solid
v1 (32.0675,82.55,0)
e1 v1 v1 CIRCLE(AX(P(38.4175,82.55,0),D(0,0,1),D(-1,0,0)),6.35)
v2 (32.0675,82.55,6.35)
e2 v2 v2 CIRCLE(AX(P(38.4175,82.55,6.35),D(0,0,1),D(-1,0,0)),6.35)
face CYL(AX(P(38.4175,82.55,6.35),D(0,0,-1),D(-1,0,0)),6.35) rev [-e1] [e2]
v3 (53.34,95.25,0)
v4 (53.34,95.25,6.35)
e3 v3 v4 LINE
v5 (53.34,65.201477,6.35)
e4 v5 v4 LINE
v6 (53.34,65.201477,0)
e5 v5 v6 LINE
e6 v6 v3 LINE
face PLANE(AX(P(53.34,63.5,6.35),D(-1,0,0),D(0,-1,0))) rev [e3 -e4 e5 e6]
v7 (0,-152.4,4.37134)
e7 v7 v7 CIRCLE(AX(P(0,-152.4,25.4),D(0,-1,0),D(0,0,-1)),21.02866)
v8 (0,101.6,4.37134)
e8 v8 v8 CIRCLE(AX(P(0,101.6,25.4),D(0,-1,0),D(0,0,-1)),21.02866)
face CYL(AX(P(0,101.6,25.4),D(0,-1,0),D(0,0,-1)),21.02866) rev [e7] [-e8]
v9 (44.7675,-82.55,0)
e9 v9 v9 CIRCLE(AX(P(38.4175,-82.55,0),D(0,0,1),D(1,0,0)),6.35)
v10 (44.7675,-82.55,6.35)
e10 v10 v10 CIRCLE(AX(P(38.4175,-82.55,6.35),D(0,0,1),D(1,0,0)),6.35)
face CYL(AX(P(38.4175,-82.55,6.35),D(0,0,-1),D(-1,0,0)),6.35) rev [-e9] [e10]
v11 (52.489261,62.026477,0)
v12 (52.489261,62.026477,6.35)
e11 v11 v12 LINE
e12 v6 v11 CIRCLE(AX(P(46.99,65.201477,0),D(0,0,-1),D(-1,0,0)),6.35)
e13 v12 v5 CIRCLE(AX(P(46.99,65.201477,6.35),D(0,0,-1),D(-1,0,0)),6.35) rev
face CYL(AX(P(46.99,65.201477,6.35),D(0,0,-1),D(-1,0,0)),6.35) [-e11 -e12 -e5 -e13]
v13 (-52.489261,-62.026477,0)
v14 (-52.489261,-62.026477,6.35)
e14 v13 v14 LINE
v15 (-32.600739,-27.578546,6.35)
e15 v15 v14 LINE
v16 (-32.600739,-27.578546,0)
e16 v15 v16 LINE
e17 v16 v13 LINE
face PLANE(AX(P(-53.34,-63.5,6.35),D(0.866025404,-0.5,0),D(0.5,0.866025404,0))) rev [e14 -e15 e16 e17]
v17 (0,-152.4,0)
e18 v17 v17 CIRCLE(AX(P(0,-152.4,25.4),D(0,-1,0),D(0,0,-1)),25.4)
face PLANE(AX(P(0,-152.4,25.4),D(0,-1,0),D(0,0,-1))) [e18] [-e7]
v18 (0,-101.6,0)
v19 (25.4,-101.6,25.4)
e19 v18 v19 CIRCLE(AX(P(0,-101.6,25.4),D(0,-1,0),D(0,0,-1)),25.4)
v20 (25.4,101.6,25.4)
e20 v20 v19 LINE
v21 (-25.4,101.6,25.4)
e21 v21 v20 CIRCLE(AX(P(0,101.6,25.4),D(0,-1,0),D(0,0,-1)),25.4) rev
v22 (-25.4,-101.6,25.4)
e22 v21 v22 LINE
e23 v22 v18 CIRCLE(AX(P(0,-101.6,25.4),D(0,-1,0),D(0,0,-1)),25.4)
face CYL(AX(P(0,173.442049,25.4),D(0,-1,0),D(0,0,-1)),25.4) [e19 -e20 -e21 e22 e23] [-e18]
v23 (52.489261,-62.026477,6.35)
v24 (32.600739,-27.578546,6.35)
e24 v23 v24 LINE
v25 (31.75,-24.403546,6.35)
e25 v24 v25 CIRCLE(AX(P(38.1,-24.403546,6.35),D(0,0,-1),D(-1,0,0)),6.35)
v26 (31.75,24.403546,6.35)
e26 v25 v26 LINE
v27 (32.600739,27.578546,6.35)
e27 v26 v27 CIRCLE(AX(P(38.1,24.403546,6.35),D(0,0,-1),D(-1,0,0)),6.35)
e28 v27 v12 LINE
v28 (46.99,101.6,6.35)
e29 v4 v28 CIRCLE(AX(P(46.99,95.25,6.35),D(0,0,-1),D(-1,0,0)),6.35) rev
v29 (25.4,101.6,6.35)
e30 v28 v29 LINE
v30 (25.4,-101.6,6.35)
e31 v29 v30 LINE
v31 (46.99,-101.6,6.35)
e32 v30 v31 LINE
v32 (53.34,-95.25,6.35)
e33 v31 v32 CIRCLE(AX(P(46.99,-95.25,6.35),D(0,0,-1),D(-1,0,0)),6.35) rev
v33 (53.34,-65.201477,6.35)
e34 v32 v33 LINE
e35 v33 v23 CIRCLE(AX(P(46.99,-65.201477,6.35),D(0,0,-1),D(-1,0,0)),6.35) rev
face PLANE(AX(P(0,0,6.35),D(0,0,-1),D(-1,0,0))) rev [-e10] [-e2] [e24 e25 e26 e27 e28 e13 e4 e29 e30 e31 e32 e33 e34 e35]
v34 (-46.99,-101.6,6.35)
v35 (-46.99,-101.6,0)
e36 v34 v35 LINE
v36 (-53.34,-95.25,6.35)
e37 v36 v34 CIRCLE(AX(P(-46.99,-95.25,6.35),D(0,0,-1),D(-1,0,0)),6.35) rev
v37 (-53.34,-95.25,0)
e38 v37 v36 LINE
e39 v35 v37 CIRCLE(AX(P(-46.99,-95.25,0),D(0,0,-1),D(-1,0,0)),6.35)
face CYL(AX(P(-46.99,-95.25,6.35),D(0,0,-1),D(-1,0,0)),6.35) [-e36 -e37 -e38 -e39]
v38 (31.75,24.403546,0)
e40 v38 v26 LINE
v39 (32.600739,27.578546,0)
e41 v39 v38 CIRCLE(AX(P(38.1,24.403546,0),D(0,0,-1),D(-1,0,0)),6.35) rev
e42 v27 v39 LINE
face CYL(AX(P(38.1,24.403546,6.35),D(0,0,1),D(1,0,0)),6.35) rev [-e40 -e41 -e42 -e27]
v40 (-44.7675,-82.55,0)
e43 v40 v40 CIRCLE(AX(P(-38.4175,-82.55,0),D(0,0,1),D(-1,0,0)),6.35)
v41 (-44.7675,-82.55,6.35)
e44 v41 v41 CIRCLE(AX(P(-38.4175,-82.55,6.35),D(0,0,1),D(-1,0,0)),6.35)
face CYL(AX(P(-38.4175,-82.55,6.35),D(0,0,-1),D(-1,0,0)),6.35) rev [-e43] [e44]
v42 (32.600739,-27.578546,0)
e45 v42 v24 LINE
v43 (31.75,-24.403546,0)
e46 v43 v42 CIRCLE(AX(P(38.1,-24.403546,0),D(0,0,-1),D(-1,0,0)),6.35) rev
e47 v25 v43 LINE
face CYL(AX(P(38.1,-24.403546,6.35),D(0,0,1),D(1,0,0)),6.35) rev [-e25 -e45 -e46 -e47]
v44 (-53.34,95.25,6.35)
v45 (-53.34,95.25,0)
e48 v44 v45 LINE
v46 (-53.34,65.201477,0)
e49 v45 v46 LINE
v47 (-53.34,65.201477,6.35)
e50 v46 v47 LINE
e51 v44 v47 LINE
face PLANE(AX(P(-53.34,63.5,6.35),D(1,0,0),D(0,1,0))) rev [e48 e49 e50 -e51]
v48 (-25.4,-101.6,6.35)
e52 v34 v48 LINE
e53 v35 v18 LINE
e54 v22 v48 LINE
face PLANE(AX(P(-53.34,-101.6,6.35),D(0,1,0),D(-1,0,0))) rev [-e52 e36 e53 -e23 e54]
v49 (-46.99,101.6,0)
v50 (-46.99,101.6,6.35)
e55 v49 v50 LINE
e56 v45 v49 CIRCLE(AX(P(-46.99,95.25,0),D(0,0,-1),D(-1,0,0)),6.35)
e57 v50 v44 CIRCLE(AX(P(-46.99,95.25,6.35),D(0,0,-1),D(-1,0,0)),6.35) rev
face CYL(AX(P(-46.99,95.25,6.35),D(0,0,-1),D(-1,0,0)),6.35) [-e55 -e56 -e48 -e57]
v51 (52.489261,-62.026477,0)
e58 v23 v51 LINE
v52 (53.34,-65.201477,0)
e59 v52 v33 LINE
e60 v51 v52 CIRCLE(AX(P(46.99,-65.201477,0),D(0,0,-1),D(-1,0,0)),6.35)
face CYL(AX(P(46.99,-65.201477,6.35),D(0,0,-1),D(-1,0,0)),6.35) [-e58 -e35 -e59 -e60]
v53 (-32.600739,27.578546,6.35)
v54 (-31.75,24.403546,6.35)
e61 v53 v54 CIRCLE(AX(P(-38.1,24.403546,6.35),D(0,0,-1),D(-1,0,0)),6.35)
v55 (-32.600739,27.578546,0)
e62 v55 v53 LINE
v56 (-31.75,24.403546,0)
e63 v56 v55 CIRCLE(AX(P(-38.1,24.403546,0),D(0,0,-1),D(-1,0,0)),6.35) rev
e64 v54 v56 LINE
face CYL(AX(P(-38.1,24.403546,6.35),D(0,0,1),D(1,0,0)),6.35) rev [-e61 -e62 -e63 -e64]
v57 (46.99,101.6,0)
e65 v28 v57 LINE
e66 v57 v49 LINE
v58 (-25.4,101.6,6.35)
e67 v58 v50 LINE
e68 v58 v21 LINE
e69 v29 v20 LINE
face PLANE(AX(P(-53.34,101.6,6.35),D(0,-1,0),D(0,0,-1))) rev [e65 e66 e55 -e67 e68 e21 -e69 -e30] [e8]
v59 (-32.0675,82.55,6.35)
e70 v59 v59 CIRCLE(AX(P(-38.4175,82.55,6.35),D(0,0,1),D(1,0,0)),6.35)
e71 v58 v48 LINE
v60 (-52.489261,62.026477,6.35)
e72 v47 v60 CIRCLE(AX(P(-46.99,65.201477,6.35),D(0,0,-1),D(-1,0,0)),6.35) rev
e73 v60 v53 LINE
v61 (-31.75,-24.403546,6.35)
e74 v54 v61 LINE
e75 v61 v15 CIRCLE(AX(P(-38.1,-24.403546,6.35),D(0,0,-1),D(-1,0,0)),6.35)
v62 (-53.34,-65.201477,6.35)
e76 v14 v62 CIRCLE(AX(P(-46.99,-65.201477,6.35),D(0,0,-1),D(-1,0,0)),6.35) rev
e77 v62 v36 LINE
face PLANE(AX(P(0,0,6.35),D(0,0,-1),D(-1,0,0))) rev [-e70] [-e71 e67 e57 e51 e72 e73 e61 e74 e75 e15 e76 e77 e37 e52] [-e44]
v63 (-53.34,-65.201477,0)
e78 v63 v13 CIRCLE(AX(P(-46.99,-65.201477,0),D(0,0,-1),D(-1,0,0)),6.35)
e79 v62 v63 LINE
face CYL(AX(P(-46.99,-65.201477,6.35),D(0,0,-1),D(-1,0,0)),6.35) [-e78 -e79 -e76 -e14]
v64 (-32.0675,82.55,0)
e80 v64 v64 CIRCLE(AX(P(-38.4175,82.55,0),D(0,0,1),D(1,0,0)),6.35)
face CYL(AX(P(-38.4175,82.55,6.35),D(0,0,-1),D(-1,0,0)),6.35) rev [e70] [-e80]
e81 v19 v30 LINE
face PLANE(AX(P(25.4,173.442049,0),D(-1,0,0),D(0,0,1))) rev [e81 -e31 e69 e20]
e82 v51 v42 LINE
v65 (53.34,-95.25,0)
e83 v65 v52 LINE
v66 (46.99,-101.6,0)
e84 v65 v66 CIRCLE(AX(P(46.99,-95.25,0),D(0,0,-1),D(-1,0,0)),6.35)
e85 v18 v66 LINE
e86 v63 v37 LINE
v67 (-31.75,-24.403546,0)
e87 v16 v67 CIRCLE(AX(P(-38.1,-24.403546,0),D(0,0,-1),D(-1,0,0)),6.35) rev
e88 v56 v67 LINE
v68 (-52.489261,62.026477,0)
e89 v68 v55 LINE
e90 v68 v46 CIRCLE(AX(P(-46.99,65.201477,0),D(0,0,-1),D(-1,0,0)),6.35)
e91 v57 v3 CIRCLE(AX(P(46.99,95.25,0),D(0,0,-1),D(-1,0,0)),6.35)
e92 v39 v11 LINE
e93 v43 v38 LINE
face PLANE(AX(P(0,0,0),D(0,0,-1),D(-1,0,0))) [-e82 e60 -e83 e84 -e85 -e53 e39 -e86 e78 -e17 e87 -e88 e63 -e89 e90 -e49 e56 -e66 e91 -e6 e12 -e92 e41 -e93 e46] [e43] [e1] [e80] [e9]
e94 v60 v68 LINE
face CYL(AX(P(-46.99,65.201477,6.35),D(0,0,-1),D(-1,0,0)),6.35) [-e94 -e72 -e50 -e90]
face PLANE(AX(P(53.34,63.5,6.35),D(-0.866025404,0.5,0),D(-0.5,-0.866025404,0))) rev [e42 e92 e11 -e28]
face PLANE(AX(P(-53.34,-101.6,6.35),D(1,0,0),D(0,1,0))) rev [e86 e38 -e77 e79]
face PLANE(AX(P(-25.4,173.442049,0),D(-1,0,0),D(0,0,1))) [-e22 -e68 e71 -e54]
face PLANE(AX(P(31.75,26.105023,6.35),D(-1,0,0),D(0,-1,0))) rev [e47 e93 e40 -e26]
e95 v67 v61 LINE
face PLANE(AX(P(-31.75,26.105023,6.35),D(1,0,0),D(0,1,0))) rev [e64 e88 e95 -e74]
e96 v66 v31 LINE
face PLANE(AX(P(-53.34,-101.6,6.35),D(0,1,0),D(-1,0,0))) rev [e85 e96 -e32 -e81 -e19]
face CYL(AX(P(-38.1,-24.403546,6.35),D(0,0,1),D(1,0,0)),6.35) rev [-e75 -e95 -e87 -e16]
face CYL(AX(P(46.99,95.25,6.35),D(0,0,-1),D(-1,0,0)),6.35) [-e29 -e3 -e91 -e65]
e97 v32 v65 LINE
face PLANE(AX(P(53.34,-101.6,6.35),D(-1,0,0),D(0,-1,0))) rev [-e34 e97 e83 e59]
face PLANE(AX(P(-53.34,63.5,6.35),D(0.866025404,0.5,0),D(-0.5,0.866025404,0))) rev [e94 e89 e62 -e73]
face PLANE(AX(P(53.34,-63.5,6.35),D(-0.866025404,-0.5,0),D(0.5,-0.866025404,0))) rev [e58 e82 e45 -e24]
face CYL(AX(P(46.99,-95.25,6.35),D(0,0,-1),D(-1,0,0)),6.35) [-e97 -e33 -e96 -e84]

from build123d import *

# Parameters (mm, degrees)
SKETCH2_R           = 6.35
BOSS_EXTRUDE1_DEPTH = 6.35
BOSS_EXTRUDE7_DEPTH = 203.2
BOSS_EXTRUDE8_START = 50.8
SKETCH4_R           = 25.4
BOSS_EXTRUDE8_DEPTH = 50.8
SKETCH5_R           = 21.02866
CUT_EXTRUDE2_DEPTH  = 265.465112255
FILLET1_R           = 6.35


with BuildPart() as part:
    # Sketch2 → Boss-Extrude1 (new body)
    with BuildSketch(Plane.XY):
        Polygon((-53.34, -101.6), (53.34, -101.6), (53.34, -63.5), (31.75, -26.105023065), (31.75, 26.105023065), (53.34, 63.5), (53.34, 101.6), (-53.34, 101.6), (-53.34, 63.5), (-31.75, 26.105023065), (-31.75, -26.105023065), (-53.34, -63.5), align=None)
        with Locations((-38.4175, 82.55)):
            Circle(SKETCH2_R, mode=Mode.SUBTRACT)
        with Locations(Location((-38.4175, -82.55, 0), (0, 0, 180))):
            Circle(SKETCH2_R, mode=Mode.SUBTRACT)
        with Locations((38.4175, -82.55)):
            Circle(SKETCH2_R, mode=Mode.SUBTRACT)
        with Locations(Location((38.4175, 82.55, 0), (0, 0, 180))):
            Circle(SKETCH2_R, mode=Mode.SUBTRACT)
    extrude(amount=BOSS_EXTRUDE1_DEPTH)

    # Sketch3 → Boss-Extrude7 (add)
    with BuildSketch(Plane.XZ.offset(101.6)):
        with BuildLine():
            Line((-25.4, 25.4), (-25.4, 6.35))
            Line((-25.4, 6.35), (-16.800520825, 6.35))
            ThreePointArc((-16.800520825, 6.35), (0, 0), (16.800520825, 6.35))
            Line((16.800520825, 6.35), (25.4, 6.35))
            Line((25.4, 6.35), (25.4, 25.4))
            ThreePointArc((25.4, 25.4), (0, 50.8), (-25.4, 25.4))
        make_face()
    extrude(amount=-BOSS_EXTRUDE7_DEPTH)

    # Sketch4 → Boss-Extrude8 (add)
    with BuildSketch(Plane.XZ.offset(101.6).offset(BOSS_EXTRUDE8_START)):
        with Locations(Location((0, 25.4, 0), (0, 0, 270))):
            Circle(SKETCH4_R)
    extrude(amount=-BOSS_EXTRUDE8_DEPTH)

    # Sketch5 → Cut-Extrude2 (cut, through all)
    with BuildSketch(Plane.XZ.offset(152.4)):
        with Locations(Location((0, 25.4, 0), (0, 0, 270))):
            Circle(SKETCH5_R)
    extrude(amount=-CUT_EXTRUDE2_DEPTH, mode=Mode.SUBTRACT)

    # Fillet1
    fillet1_edges = [part.edges().sort_by_distance(p)[0] for p in [
        (53.34, 63.5, 3.175),
        (31.75, 26.105023065, 3.175),
        (31.75, -26.105023065, 3.175),
        (53.34, -63.5, 3.175),
        (53.34, -101.6, 3.175),
        (-53.34, -101.6, 3.175),
        (-53.34, -63.5, 3.175),
        (-31.75, -26.105023065, 3.175),
        (-31.75, 26.105023065, 3.175),
        (-53.34, 63.5, 3.175),
        (-53.34, 101.6, 3.175),
        (53.34, 101.6, 3.175),
    ]]
    fillet(fillet1_edges, radius=FILLET1_R)


solid = part.part
